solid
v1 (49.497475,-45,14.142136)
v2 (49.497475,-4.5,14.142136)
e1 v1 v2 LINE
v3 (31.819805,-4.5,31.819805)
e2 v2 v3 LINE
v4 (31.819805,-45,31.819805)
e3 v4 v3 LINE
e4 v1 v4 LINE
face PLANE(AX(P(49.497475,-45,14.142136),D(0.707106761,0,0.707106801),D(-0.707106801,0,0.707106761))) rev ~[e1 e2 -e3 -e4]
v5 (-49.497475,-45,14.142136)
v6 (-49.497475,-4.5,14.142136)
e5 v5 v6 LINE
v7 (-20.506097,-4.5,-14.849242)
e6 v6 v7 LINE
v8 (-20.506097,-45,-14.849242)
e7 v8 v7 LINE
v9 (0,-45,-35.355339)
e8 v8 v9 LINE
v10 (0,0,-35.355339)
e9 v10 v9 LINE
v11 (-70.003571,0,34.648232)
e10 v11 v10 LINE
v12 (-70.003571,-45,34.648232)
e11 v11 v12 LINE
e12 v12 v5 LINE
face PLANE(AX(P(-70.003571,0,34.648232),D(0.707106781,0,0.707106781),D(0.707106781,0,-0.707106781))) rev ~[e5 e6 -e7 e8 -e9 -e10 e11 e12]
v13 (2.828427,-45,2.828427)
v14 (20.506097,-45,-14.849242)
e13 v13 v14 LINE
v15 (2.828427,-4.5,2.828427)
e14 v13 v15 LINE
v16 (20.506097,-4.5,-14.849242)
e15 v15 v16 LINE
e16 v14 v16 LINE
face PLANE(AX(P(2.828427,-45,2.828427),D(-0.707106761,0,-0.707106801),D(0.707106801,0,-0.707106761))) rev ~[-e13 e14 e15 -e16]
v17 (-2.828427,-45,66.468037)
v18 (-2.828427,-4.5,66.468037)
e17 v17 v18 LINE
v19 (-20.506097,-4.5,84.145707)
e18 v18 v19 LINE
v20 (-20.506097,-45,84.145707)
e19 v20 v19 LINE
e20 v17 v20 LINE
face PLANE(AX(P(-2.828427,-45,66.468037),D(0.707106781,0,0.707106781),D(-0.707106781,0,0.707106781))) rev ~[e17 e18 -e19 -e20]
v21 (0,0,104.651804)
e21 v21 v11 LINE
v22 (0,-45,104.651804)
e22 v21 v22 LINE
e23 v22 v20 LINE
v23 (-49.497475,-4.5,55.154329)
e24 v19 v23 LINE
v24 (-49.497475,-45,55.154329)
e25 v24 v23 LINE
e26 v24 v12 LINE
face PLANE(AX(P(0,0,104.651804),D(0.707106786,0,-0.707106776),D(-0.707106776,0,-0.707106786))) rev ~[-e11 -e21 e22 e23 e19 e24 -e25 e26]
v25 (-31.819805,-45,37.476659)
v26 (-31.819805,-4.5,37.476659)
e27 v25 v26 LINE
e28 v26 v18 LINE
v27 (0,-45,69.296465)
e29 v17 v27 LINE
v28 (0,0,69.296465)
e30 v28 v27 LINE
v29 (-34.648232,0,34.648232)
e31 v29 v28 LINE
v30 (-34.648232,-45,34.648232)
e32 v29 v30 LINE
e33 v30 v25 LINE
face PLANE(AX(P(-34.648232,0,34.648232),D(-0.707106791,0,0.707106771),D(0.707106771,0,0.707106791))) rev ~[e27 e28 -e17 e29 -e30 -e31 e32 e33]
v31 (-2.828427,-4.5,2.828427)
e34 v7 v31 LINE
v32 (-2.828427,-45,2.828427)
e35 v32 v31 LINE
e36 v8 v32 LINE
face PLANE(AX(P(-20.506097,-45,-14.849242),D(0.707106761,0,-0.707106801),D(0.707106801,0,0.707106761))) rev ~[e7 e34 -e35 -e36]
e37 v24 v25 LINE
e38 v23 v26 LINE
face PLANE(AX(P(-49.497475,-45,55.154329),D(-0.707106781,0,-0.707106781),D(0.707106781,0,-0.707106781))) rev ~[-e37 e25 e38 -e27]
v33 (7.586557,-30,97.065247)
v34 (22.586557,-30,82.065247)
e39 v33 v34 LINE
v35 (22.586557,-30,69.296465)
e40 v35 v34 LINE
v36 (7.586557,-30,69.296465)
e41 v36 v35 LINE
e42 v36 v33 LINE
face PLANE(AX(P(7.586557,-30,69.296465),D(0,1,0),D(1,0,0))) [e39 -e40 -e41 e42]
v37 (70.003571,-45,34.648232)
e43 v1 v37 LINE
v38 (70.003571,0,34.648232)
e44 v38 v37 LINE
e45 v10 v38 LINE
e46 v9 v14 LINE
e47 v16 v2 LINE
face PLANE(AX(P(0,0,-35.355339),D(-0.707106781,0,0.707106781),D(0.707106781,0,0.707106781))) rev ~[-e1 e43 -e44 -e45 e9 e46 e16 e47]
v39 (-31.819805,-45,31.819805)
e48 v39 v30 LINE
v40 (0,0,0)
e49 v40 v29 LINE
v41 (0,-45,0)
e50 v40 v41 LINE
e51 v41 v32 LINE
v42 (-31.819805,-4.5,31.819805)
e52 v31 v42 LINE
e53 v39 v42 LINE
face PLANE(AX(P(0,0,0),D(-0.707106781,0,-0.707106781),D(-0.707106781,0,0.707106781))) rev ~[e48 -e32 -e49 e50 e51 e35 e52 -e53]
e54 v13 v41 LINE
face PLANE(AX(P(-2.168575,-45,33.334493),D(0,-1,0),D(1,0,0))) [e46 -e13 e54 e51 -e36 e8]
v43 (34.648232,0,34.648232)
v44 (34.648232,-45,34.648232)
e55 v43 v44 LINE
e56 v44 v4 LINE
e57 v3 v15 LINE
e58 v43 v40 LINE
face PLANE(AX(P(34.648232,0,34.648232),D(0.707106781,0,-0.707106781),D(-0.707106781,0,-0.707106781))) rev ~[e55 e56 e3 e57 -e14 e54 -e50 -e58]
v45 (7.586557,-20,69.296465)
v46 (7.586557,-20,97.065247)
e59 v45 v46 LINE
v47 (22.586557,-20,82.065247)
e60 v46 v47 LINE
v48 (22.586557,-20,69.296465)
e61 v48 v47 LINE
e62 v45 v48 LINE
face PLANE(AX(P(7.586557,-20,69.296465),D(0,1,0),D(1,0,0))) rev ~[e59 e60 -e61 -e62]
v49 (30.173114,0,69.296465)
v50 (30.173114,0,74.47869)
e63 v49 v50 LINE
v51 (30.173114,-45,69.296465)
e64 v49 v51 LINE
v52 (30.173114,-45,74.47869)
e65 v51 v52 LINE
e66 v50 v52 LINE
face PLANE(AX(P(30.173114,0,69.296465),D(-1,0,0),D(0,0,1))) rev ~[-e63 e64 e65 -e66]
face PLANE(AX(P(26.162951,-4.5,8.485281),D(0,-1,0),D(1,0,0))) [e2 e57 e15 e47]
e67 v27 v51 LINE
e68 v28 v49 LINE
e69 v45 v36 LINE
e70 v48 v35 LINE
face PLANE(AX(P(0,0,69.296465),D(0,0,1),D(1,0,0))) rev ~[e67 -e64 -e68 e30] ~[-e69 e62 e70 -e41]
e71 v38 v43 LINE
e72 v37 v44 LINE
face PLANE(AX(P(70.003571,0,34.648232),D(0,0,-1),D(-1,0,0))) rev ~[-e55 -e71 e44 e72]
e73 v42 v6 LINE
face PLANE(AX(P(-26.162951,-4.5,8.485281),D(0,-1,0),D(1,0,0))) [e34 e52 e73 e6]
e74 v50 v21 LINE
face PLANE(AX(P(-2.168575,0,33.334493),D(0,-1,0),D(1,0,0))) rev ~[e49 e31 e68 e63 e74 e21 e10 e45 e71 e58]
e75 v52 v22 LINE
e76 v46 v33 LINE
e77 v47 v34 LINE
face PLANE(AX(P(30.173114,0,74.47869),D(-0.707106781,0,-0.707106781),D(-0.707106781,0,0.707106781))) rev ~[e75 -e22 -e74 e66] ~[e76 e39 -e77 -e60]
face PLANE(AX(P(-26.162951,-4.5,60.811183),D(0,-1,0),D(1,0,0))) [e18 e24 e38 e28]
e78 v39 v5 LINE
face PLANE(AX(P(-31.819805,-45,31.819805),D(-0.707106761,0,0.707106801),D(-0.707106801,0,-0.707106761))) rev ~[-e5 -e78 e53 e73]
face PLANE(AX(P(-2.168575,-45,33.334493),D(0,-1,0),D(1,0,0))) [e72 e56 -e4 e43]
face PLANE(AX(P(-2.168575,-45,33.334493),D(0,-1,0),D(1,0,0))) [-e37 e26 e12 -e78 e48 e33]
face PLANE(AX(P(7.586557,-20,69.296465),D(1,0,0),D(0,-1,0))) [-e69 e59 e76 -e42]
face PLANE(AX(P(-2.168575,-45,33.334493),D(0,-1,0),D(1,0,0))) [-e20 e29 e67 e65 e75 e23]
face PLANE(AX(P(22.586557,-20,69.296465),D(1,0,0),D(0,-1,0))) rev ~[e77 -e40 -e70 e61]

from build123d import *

# Parameters (mm, degrees)
F1_DEPTH = 45
F3_DEPTH = 40.5
F4_W     = 15
F4_H     = 10
F5_DEPTH = 30


with BuildPart() as f1:
    # F0 (on Front) → F1 (new body)
    with BuildSketch(Plane.XZ):
        Polygon((34.648232, 34.648232), (0, 0), (-34.648232, 34.648232), (0, 69.296465), (30.173114, 69.296465), (30.173114, 74.47869), (0, 104.651804), (-70.003571, 34.648232), (0, -35.355339), (70.003571, 34.648232), align=None)
    extrude(amount=F1_DEPTH)

    # F2 (on face) → F3 (cut)
    with BuildSketch(Plane.XZ.offset(45)):
        Polygon((-20.506097, 84.145707), (-49.497475, 55.154329), (-31.819805, 37.476659), (-2.828427, 66.468037), align=None)
        Polygon((-2.828427, 2.828427), (-31.819805, 31.819805), (-49.497475, 14.142136), (-20.506097, -14.849242), align=None)
        Polygon((31.819805, 31.819805), (2.828427, 2.828427), (20.506097, -14.849242), (49.497475, 14.142136), align=None)
    extrude(amount=-F3_DEPTH, mode=Mode.SUBTRACT)

    # F4 (on face) → F5 (cut)
    with BuildSketch(Plane(origin=(0, 0, 69.296465), x_dir=(1, 0, 0), z_dir=(0, 0, -1))):
        with Locations((15.086557, 25)):
            Rectangle(F4_W, F4_H)
    extrude(amount=-F5_DEPTH, mode=Mode.SUBTRACT)


solid = f1.part
